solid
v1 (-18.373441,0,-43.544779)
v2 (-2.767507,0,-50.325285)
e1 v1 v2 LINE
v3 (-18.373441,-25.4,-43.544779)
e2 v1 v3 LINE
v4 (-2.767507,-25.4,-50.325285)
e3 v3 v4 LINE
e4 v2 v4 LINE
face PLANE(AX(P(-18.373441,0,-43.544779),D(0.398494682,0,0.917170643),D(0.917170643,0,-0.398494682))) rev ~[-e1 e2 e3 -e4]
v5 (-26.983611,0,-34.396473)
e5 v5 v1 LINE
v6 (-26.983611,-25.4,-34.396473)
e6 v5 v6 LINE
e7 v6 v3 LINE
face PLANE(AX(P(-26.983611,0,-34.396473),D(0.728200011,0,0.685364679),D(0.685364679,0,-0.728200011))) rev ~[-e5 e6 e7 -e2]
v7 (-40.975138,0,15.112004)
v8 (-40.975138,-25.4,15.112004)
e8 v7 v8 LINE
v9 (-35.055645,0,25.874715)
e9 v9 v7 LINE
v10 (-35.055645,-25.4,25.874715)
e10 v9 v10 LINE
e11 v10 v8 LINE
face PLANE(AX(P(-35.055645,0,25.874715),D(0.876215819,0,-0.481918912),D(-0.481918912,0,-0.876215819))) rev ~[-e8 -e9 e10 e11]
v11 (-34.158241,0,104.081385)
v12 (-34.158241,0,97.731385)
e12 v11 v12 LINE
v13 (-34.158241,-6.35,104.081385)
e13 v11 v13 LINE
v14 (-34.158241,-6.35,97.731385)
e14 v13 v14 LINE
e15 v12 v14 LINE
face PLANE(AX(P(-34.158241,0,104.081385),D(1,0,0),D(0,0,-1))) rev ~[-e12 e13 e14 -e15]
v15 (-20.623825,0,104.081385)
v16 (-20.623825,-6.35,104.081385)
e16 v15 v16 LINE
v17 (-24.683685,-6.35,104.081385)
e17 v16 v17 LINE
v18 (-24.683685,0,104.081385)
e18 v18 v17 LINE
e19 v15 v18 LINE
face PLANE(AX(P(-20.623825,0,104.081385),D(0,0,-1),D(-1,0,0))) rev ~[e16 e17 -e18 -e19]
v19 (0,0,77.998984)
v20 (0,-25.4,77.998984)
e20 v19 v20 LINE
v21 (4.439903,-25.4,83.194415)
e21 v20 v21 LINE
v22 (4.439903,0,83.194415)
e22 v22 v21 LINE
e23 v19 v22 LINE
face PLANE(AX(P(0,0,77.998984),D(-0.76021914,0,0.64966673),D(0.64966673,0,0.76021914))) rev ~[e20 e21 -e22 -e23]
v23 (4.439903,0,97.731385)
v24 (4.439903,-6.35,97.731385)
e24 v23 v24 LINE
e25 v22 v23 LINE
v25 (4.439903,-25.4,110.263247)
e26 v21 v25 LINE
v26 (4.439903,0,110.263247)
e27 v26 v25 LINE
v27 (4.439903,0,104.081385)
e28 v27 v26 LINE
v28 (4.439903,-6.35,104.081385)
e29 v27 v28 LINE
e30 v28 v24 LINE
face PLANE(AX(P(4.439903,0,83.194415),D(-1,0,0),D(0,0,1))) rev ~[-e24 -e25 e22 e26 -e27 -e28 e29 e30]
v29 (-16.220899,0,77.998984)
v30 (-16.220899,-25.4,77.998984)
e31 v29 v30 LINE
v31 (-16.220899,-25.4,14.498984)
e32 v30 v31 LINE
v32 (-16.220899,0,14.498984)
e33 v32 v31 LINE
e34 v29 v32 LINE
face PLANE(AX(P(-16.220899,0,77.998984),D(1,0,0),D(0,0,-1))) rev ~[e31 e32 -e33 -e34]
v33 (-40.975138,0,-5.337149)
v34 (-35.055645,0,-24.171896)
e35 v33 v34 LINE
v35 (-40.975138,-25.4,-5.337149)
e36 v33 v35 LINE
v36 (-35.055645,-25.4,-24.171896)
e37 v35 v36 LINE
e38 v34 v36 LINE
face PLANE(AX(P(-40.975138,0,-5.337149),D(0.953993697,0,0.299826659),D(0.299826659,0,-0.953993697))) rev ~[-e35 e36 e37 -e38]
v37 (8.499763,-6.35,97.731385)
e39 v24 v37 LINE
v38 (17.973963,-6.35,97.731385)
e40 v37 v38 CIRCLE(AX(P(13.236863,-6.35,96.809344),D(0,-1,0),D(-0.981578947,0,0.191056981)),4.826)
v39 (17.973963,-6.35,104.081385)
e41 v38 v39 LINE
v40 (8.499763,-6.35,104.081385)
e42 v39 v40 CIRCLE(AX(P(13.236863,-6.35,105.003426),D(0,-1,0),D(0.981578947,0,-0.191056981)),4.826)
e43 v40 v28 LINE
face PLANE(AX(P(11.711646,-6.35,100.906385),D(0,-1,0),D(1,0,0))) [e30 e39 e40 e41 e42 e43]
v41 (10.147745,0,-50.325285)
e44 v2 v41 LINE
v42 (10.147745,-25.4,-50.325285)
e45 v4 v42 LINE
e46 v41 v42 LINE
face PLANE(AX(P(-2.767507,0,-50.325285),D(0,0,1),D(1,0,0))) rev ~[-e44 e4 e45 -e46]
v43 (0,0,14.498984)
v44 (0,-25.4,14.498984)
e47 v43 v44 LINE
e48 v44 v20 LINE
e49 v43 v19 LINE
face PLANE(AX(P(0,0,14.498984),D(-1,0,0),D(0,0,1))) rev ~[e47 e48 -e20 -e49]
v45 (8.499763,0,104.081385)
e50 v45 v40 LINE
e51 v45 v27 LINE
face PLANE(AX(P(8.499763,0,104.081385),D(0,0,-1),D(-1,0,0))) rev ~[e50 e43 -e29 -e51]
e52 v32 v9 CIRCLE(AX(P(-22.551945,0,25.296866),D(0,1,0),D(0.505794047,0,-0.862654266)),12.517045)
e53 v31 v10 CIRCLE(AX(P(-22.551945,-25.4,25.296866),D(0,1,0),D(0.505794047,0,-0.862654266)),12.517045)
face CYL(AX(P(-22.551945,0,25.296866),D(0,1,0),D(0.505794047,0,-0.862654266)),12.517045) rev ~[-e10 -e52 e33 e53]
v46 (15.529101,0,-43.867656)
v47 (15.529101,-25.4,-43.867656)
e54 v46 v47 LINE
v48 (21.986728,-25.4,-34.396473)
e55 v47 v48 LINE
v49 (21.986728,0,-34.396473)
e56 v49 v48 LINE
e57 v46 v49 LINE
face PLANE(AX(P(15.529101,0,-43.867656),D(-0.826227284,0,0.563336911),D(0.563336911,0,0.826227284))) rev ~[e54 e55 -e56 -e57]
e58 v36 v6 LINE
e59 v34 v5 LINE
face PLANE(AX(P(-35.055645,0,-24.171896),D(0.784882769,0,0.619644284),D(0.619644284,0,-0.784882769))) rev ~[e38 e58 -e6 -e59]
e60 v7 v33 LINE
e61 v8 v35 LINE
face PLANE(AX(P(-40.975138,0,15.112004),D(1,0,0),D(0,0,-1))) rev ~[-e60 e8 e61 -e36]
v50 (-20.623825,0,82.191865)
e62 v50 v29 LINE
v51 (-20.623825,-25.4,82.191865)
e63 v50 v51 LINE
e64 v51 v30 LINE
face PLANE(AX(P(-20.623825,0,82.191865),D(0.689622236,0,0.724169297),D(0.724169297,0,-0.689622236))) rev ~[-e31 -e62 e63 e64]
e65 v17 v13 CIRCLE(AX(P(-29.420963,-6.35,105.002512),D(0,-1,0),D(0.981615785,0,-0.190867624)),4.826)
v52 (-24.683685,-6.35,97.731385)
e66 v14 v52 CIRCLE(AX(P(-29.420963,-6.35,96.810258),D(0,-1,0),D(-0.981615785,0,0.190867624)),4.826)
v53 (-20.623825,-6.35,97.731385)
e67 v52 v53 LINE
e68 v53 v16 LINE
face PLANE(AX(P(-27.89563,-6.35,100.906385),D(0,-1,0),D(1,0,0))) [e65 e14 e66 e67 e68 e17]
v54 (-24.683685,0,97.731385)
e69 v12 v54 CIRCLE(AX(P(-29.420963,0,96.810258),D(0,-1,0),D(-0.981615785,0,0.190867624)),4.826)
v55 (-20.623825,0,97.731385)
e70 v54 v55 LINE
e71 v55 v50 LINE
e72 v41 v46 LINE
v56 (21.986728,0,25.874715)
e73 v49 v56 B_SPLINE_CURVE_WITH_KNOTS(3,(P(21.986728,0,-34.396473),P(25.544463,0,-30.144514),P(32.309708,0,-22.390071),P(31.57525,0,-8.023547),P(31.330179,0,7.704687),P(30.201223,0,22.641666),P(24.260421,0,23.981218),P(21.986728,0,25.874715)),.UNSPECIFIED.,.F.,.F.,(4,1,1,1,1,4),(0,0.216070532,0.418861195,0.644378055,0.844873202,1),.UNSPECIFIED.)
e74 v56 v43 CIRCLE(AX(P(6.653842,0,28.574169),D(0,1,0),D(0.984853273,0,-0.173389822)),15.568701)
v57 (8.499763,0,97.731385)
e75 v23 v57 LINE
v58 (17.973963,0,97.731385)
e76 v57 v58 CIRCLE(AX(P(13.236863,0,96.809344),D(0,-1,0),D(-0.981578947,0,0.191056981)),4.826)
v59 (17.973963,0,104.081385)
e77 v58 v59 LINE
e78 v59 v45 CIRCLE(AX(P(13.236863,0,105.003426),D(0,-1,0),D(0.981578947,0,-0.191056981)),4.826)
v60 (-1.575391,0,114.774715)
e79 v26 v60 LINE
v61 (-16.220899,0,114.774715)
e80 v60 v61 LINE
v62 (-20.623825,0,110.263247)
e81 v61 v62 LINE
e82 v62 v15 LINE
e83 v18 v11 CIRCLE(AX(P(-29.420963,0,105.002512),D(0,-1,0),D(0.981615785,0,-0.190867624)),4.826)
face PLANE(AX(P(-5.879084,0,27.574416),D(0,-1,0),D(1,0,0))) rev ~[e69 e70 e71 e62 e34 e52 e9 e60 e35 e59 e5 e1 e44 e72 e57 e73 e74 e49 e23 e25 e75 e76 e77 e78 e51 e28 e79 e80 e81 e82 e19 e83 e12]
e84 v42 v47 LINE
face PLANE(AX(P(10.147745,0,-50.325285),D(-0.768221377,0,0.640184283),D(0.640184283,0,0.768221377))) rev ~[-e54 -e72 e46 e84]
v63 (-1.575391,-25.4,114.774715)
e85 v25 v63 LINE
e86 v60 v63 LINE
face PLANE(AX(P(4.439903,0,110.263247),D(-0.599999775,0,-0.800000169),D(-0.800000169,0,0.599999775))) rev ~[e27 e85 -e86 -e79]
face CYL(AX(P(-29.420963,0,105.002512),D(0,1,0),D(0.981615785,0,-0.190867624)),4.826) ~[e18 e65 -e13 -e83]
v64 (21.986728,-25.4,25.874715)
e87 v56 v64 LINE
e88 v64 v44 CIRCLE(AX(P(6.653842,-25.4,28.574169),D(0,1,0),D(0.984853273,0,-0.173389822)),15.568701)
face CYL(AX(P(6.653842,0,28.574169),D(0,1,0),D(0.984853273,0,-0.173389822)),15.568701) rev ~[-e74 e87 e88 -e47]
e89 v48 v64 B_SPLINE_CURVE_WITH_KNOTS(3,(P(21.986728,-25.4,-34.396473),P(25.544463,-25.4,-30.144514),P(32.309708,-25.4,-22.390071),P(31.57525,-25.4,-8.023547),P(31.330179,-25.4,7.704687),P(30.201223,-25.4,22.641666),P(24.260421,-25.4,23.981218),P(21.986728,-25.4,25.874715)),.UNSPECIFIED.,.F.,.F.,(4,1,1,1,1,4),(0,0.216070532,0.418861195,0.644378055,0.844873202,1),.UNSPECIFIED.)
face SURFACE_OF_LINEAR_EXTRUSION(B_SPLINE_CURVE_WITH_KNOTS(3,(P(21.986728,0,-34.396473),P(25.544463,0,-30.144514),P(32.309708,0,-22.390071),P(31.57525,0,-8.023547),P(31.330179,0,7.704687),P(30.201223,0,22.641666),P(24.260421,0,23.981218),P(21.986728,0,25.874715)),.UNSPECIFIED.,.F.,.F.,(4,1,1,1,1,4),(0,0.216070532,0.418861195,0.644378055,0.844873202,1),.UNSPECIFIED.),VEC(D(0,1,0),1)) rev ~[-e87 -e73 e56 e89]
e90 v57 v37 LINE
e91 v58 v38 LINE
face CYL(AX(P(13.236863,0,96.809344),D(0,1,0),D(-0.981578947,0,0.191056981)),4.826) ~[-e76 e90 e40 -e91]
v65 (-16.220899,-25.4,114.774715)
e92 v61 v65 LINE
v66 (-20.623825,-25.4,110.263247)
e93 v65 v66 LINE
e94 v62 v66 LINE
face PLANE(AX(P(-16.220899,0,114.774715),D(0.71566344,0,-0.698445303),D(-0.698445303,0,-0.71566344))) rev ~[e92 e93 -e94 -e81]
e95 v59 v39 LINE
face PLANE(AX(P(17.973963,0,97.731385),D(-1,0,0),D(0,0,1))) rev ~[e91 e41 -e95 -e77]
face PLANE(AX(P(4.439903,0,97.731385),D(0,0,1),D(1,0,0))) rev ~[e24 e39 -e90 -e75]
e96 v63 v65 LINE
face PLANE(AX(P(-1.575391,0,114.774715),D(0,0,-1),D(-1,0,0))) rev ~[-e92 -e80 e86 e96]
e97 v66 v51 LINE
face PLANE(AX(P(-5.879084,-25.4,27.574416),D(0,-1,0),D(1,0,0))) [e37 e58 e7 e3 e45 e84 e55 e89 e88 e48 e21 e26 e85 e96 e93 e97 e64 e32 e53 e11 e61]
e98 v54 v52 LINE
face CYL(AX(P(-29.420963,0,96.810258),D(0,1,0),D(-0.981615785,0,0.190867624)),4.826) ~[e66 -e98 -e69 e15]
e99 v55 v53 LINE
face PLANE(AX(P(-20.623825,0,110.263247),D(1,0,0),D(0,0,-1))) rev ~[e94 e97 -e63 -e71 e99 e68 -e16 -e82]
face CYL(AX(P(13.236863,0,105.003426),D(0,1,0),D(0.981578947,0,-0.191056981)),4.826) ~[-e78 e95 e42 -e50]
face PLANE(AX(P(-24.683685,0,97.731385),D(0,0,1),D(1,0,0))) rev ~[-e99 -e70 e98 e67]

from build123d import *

# Parameters (mm, degrees)
F1_DEPTH = 25.4
F2_DEPTH = 6.35


with BuildPart() as f1:
    # F0 (on Front) → F1 (new body)
    with BuildSketch(Plane.XZ):
        with BuildLine():
            Line((-20.6238254905, 82.1918653488), (-16.2208987279, 77.9989836423))
            Line((-16.2208987279, 77.9989836423), (-16.2208987279, 14.4989836423))
            ThreePointArc((-16.2208987279, 14.4989836423), (-29.0232068496, 14.5824275316), (-35.0556448804, 25.874714613))
            Line((-35.0556448804, 25.874714613), (-40.9751381851, 15.1120042398))
            Line((-40.9751381851, 15.1120042398), (-40.9751381851, -5.3371492685))
            Line((-40.9751381851, -5.3371492685), (-35.0556448804, -24.1718964208))
            Line((-35.0556448804, -24.1718964208), (-26.9836111007, -34.396472675))
            Line((-26.9836111007, -34.396472675), (-18.3734412025, -43.5447786918))
            Line((-18.3734412025, -43.5447786918), (-2.7675072621, -50.325285387))
            Line((-2.7675072621, -50.325285387), (10.1477450857, -50.325285387))
            Line((10.1477450857, -50.325285387), (15.5291012721, -43.8676559638))
            Line((15.5291012721, -43.8676559638), (21.9867276959, -34.396472675))
            add(Edge.make_bspline(
                [(21.9867276959, -34.396472675), (25.5444626574, -30.1445144022), (32.30970775, -22.3900709518), (31.5752504472, -8.0235466905), (31.3301792772, 7.7046872921), (30.2012227778, 22.641666018), (24.2604214453, 23.9812176634), (21.9867276959, 25.874714613)],
                knots=[0, 0, 0, 0, 0.2160705322, 0.418861195, 0.6443780549, 0.8448732024, 1, 1, 1, 1], degree=3))
            ThreePointArc((21.9867276959, 25.874714613), (13.8080898006, 14.7466173554), (0, 14.4989836423))
            Line((0, 14.4989836423), (0, 77.9989836423))
            Line((0, 77.9989836423), (4.4399029575, 83.1944154739))
            Line((4.4399029575, 83.1944154739), (4.4399029575, 97.7313848376))
            Line((4.4399029575, 97.7313848376), (4.4399029575, 104.0813848376))
            Line((4.4399029575, 104.0813848376), (4.4399029575, 110.2632465005))
            Line((4.4399029575, 110.2632465005), (-1.5753913904, 114.774714613))
            Line((-1.5753913904, 114.774714613), (-16.2208987279, 114.774714613))
            Line((-16.2208987279, 114.774714613), (-20.6238254905, 110.2632465005))
            Line((-20.6238254905, 110.2632465005), (-20.6238254905, 104.0813848376))
            Line((-20.6238254905, 104.0813848376), (-20.6238254905, 97.7313848376))
            Line((-20.6238254905, 97.7313848376), (-20.6238254905, 82.1918653488))
        make_face()
    extrude(amount=F1_DEPTH)

    # F0 (on Front) → F2 (join)
    with BuildSketch(Plane.XZ):
        with BuildLine():
            Line((-24.6836854434, 97.7313848376), (-20.6238254905, 97.7313848376))
            Line((-20.6238254905, 97.7313848376), (-20.6238254905, 104.0813848376))
            Line((-20.6238254905, 104.0813848376), (-24.6836854434, 104.0813848376))
            ThreePointArc((-24.6836854434, 104.0813848376), (-29.4209632236, 109.8285119915), (-34.1582410038, 104.0813848376))
            Line((-34.1582410038, 104.0813848376), (-34.1582410038, 97.7313848376))
            ThreePointArc((-34.1582410038, 97.7313848376), (-29.4209632236, 91.9842576838), (-24.6836854434, 97.7313848376))
        make_face()
        with BuildLine():
            Line((8.4997629105, 104.0813848376), (4.4399029575, 104.0813848376))
            Line((4.4399029575, 104.0813848376), (4.4399029575, 97.7313848376))
            Line((4.4399029575, 97.7313848376), (8.4997629105, 97.7313848376))
            ThreePointArc((8.4997629105, 97.7313848376), (13.2368629105, 91.9833438461), (17.9739629105, 97.7313848376))
            Line((17.9739629105, 97.7313848376), (17.9739629105, 104.0813848376))
            ThreePointArc((17.9739629105, 104.0813848376), (13.2368629105, 109.8294258291), (8.4997629105, 104.0813848376))
        make_face()
    extrude(amount=F2_DEPTH)


solid = f1.part
